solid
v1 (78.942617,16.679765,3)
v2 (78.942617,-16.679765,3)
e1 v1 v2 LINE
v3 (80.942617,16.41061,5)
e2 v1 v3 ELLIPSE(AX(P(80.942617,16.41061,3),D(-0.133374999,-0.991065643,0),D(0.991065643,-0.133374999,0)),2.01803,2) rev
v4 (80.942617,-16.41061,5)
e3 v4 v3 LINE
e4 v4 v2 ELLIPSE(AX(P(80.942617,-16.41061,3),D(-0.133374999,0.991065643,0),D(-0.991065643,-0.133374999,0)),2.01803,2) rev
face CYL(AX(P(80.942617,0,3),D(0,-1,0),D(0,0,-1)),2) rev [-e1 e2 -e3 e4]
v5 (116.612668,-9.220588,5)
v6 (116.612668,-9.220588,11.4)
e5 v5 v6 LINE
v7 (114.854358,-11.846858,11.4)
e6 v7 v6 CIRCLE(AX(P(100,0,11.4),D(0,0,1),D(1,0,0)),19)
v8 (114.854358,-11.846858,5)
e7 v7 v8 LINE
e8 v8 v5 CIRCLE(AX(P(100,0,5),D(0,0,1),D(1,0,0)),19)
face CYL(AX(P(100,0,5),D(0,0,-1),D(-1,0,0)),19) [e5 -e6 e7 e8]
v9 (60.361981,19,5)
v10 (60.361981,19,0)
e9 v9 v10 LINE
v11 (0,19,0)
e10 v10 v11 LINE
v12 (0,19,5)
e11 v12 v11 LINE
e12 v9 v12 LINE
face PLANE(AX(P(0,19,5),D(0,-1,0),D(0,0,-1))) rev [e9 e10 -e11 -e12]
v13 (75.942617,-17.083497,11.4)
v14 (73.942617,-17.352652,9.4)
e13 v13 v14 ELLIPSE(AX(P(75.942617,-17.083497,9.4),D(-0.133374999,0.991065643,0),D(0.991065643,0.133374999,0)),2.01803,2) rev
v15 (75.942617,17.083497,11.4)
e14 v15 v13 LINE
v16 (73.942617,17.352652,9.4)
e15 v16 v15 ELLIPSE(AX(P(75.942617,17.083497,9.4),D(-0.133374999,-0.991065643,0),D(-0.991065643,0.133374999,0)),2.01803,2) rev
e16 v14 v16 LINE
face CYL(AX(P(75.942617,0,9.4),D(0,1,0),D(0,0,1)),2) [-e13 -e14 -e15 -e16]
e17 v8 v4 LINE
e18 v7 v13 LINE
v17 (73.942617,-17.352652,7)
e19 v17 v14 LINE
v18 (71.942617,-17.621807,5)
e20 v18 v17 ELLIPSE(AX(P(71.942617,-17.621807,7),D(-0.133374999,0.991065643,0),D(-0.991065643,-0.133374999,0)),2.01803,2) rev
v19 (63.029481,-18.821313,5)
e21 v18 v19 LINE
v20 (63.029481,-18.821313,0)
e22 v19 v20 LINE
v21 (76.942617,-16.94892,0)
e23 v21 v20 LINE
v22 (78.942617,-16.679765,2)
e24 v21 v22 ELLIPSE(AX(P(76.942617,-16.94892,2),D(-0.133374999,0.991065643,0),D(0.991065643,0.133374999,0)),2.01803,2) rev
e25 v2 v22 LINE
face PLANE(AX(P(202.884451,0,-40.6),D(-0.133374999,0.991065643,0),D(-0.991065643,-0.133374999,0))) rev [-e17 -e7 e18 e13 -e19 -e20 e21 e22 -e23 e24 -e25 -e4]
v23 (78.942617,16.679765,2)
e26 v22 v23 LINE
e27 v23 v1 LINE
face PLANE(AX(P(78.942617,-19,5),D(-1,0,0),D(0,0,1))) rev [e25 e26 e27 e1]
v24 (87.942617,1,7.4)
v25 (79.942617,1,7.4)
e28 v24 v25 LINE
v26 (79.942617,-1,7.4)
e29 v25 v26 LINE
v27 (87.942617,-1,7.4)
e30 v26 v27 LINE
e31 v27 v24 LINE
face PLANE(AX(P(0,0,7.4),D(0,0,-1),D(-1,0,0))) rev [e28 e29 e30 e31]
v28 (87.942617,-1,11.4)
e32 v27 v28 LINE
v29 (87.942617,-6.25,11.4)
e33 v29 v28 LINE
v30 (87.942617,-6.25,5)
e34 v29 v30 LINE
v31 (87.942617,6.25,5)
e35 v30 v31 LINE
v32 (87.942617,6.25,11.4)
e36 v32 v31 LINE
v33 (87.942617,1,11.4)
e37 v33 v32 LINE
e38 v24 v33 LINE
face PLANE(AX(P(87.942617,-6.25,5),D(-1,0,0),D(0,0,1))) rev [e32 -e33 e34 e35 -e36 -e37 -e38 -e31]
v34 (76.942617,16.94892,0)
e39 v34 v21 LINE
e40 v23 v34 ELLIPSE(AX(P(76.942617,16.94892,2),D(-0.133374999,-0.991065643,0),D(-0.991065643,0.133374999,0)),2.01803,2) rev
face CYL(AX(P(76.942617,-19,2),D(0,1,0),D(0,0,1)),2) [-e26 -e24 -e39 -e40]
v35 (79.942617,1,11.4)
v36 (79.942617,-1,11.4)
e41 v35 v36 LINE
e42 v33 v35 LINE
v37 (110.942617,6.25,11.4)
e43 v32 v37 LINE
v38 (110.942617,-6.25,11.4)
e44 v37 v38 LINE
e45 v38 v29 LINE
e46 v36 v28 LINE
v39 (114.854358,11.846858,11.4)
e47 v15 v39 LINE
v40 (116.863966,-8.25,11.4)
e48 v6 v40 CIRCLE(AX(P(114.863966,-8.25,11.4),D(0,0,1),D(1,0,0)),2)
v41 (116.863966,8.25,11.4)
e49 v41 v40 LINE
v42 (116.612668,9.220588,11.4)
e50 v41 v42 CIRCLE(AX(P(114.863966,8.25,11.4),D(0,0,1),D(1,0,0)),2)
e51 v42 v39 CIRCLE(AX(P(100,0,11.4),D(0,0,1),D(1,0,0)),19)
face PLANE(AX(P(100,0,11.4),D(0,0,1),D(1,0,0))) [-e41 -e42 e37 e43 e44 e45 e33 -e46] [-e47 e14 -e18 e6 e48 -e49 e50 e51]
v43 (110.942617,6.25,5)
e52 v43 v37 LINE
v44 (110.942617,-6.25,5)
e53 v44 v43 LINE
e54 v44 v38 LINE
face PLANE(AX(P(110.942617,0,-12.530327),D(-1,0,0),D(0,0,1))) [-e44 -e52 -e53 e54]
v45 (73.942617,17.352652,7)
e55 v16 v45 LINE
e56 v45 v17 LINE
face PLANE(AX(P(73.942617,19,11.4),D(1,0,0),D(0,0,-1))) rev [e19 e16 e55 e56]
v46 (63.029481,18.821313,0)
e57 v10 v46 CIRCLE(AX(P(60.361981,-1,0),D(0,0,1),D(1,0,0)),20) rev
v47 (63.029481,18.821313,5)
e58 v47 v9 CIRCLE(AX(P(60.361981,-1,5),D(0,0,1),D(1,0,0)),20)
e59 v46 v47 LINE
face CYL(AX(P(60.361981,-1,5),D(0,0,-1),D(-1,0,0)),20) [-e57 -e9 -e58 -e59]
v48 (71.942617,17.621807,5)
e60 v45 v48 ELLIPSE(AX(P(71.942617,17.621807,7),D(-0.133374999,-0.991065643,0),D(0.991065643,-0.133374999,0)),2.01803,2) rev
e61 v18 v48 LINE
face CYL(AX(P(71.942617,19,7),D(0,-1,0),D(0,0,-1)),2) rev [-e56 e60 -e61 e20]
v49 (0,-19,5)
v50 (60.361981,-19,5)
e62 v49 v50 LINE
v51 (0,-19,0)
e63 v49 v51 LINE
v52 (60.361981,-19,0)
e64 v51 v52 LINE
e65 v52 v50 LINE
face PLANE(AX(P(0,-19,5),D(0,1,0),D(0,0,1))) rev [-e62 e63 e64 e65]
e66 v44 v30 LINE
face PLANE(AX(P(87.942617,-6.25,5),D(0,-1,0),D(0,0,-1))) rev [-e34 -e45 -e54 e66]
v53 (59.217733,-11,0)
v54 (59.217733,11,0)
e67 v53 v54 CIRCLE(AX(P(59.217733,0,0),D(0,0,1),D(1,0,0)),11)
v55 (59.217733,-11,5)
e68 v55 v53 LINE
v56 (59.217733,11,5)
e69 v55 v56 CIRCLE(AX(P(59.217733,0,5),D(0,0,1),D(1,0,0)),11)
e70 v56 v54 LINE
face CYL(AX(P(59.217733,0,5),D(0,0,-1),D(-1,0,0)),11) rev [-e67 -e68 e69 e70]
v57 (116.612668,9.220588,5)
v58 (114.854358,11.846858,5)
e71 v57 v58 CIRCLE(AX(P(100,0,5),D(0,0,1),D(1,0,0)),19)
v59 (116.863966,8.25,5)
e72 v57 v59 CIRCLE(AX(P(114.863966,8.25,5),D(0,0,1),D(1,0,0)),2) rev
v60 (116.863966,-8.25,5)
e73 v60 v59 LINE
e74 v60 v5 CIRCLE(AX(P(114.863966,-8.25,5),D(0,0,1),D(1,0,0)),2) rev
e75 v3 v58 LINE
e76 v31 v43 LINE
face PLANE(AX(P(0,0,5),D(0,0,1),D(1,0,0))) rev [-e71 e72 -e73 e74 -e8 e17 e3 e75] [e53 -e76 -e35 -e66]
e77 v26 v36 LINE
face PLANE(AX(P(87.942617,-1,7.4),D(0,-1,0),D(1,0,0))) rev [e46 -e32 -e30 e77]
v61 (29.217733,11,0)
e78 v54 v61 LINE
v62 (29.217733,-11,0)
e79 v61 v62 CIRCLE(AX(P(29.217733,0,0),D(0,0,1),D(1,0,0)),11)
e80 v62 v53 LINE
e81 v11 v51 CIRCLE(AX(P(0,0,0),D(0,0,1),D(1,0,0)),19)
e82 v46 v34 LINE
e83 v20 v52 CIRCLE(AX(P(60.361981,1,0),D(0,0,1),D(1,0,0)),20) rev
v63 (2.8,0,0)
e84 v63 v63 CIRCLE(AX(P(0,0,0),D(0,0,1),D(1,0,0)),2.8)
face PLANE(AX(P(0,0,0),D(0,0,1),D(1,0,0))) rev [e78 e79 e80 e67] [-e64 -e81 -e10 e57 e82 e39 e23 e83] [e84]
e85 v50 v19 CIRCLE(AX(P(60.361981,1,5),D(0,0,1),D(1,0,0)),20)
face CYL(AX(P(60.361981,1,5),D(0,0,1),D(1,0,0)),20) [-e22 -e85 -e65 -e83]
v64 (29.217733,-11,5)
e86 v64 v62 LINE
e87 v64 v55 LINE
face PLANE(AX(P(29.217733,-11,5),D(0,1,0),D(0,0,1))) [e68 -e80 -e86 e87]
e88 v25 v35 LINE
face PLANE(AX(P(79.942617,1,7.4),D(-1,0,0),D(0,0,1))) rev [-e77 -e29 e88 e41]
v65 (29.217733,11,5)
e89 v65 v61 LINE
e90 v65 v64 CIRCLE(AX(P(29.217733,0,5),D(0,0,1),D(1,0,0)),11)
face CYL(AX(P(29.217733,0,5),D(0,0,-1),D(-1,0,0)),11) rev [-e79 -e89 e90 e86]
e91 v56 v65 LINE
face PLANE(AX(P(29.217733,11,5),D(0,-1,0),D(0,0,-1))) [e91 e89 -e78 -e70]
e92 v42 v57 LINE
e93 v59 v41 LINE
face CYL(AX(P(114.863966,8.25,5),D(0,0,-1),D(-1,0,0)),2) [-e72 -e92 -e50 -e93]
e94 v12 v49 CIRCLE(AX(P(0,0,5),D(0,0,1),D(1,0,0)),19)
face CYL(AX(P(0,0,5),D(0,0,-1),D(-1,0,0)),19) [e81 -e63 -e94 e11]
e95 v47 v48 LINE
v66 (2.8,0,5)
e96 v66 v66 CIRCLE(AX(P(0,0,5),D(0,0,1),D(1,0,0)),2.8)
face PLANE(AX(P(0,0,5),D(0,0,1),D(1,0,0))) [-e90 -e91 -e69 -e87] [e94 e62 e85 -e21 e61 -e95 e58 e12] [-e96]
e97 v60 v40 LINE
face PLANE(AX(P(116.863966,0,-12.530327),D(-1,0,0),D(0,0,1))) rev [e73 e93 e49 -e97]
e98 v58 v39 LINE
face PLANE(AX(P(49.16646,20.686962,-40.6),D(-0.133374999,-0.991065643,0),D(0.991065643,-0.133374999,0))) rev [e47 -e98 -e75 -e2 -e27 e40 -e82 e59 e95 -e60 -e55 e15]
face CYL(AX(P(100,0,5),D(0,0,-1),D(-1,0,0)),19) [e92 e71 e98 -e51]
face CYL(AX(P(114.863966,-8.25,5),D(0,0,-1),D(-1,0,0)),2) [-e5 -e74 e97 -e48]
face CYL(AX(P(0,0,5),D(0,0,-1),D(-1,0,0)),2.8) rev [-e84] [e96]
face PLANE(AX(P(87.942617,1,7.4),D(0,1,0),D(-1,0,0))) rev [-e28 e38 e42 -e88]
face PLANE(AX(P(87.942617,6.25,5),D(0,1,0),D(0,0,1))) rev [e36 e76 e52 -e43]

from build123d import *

# Parameters (mm, degrees)
SKETCH1_R           = 2.8
BOSS_EXTRUDE1_DEPTH = 5
FILLET1_R           = 2
BOSS_EXTRUDE2_DEPTH = 6.4
FILLET2_R           = 2
SKETCH3_W           = 8
SKETCH3_H           = 2
CUT_EXTRUDE1_DEPTH  = 4
SKETCH6_W           = 104.287250585
SKETCH6_H           = 38
CUT_EXTRUDE3_DEPTH  = 5
FILLET3_R           = 2
BOSS_EXTRUDE3_DEPTH = 6.4
CUT_EXTRUDE4_DEPTH  = 52
FILLET4_R           = 20


with BuildPart() as part:
    # Sketch1 → Boss-Extrude1 (new body)
    with BuildSketch(Plane.XY):
        with BuildLine():
            Line((0, 19), (100, 19))
            ThreePointArc((100, 19), (111.005680352, 15.487898502), (117.942616866, 6.25))
            Line((117.942616866, 6.25), (87.942616866, 6.25))
            Line((87.942616866, 6.25), (87.942616866, -6.25))
            Line((87.942616866, -6.25), (117.942616866, -6.25))
            ThreePointArc((117.942616866, -6.25), (111.005680352, -15.487898502), (100, -19))
            Line((100, -19), (0, -19))
            ThreePointArc((0, -19), (-19, 0), (0, 19))
        make_face()
        Circle(SKETCH1_R, mode=Mode.SUBTRACT)
        with BuildLine():
            Line((29.217733251, 11), (59.217733251, 11))
            ThreePointArc((59.217733251, 11), (70.217733251, 0), (59.217733251, -11))
            Line((59.217733251, -11), (29.217733251, -11))
            ThreePointArc((29.217733251, -11), (18.217733251, 0), (29.217733251, 11))
        make_face(mode=Mode.SUBTRACT)
    extrude(amount=BOSS_EXTRUDE1_DEPTH)

    # Fillet1
    fillet1_edges = [part.edges().sort_by_distance(p)[0] for p in [
        (117.942616866, 6.25, 2.5),
        (117.942616866, -6.25, 2.5),
    ]]
    fillet(fillet1_edges, radius=FILLET1_R)

    # Sketch2 → Boss-Extrude2 (add)
    with BuildSketch(Plane.XY.offset(5)):
        with BuildLine():
            Line((73.942616866, 19), (73.942616866, -19))
            Line((73.942616866, -19), (100, -19))
            ThreePointArc((100, -19), (109.638693468, -16.373624774), (116.612668437, -9.220588235))
            ThreePointArc((116.612668437, -9.220588235), (116.587505946, -7.235400688), (114.863966496, -6.25))
            Line((114.863966496, -6.25), (87.942616866, -6.25))
            Line((87.942616866, -6.25), (87.942616866, 6.25))
            Line((87.942616866, 6.25), (114.863966496, 6.25))
            ThreePointArc((114.863966496, 6.25), (116.587505946, 7.235400688), (116.612668437, 9.220588235))
            ThreePointArc((116.612668437, 9.220588235), (109.638693468, 16.373624774), (100, 19))
            Line((100, 19), (73.942616866, 19))
        make_face()
    extrude(amount=BOSS_EXTRUDE2_DEPTH)

    # Fillet2
    fillet2_edges = [part.edges().sort_by_distance(p)[0] for p in [
        (73.942616866, 0, 5),
        (73.942616866, 0, 11.4),
    ]]
    fillet(fillet2_edges, radius=FILLET2_R)

    # Sketch3 → Cut-Extrude1 (cut)
    with BuildSketch(Plane.XY.offset(11.4)):
        with Locations((83.942616866, 0)):
            Rectangle(SKETCH3_W, SKETCH3_H)
    extrude(amount=-CUT_EXTRUDE1_DEPTH, mode=Mode.SUBTRACT)

    # Sketch6 → Cut-Extrude3 (cut)
    with BuildSketch(Plane(origin=(0, 0, 0), x_dir=(-1, 0, 0), z_dir=(0, 0, -1))):
        with Locations((-131.086242158, 0)):
            Rectangle(SKETCH6_W, SKETCH6_H)
    extrude(amount=-CUT_EXTRUDE3_DEPTH, mode=Mode.SUBTRACT)

    # Fillet3
    fillet3_edges = [part.edges().sort_by_distance(p)[0] for p in [
        (78.942616866, 0, 0),
        (78.942616866, 0, 5),
    ]]
    fillet(fillet3_edges, radius=FILLET3_R)

    # Sketch7 → Boss-Extrude3 (add)
    with BuildSketch(Plane.XY.offset(11.4)):
        with BuildLine():
            Line((114.863966496, 6.25), (110.942616866, 6.25))
            Line((110.942616866, 6.25), (110.942616866, -6.25))
            Line((110.942616866, -6.25), (114.863966496, -6.25))
            ThreePointArc((114.863966496, -6.25), (116.278180059, -6.835786438), (116.863966496, -8.25))
            Line((116.863966496, -8.25), (116.863966496, 8.25))
            ThreePointArc((116.863966496, 8.25), (116.278180059, 6.835786438), (114.863966496, 6.25))
        make_face()
    extrude(amount=-BOSS_EXTRUDE3_DEPTH)

    # Sketch8 → Cut-Extrude4 (cut)
    with BuildSketch(Plane.XY.offset(11.4)):
        Polygon((49.166460224, 20.686961638), (202.884451104, 0), (49.166460224, -20.686961638), (49.166460224, -34.841866296), (221.786697366, -38.976706561), (223.885725762, 48.652985565), (49.166460224, 52.838104681), (49.166460224, 51.155729305), align=None)
    extrude(amount=-CUT_EXTRUDE4_DEPTH, mode=Mode.SUBTRACT)

    # Fillet4
    fillet4_edges = [part.edges().sort_by_distance(p)[0] for p in [
        (61.701715921, -19, 2.5),
        (61.701715921, 19, 2.5),
    ]]
    fillet(fillet4_edges, radius=FILLET4_R)


solid = part.part
